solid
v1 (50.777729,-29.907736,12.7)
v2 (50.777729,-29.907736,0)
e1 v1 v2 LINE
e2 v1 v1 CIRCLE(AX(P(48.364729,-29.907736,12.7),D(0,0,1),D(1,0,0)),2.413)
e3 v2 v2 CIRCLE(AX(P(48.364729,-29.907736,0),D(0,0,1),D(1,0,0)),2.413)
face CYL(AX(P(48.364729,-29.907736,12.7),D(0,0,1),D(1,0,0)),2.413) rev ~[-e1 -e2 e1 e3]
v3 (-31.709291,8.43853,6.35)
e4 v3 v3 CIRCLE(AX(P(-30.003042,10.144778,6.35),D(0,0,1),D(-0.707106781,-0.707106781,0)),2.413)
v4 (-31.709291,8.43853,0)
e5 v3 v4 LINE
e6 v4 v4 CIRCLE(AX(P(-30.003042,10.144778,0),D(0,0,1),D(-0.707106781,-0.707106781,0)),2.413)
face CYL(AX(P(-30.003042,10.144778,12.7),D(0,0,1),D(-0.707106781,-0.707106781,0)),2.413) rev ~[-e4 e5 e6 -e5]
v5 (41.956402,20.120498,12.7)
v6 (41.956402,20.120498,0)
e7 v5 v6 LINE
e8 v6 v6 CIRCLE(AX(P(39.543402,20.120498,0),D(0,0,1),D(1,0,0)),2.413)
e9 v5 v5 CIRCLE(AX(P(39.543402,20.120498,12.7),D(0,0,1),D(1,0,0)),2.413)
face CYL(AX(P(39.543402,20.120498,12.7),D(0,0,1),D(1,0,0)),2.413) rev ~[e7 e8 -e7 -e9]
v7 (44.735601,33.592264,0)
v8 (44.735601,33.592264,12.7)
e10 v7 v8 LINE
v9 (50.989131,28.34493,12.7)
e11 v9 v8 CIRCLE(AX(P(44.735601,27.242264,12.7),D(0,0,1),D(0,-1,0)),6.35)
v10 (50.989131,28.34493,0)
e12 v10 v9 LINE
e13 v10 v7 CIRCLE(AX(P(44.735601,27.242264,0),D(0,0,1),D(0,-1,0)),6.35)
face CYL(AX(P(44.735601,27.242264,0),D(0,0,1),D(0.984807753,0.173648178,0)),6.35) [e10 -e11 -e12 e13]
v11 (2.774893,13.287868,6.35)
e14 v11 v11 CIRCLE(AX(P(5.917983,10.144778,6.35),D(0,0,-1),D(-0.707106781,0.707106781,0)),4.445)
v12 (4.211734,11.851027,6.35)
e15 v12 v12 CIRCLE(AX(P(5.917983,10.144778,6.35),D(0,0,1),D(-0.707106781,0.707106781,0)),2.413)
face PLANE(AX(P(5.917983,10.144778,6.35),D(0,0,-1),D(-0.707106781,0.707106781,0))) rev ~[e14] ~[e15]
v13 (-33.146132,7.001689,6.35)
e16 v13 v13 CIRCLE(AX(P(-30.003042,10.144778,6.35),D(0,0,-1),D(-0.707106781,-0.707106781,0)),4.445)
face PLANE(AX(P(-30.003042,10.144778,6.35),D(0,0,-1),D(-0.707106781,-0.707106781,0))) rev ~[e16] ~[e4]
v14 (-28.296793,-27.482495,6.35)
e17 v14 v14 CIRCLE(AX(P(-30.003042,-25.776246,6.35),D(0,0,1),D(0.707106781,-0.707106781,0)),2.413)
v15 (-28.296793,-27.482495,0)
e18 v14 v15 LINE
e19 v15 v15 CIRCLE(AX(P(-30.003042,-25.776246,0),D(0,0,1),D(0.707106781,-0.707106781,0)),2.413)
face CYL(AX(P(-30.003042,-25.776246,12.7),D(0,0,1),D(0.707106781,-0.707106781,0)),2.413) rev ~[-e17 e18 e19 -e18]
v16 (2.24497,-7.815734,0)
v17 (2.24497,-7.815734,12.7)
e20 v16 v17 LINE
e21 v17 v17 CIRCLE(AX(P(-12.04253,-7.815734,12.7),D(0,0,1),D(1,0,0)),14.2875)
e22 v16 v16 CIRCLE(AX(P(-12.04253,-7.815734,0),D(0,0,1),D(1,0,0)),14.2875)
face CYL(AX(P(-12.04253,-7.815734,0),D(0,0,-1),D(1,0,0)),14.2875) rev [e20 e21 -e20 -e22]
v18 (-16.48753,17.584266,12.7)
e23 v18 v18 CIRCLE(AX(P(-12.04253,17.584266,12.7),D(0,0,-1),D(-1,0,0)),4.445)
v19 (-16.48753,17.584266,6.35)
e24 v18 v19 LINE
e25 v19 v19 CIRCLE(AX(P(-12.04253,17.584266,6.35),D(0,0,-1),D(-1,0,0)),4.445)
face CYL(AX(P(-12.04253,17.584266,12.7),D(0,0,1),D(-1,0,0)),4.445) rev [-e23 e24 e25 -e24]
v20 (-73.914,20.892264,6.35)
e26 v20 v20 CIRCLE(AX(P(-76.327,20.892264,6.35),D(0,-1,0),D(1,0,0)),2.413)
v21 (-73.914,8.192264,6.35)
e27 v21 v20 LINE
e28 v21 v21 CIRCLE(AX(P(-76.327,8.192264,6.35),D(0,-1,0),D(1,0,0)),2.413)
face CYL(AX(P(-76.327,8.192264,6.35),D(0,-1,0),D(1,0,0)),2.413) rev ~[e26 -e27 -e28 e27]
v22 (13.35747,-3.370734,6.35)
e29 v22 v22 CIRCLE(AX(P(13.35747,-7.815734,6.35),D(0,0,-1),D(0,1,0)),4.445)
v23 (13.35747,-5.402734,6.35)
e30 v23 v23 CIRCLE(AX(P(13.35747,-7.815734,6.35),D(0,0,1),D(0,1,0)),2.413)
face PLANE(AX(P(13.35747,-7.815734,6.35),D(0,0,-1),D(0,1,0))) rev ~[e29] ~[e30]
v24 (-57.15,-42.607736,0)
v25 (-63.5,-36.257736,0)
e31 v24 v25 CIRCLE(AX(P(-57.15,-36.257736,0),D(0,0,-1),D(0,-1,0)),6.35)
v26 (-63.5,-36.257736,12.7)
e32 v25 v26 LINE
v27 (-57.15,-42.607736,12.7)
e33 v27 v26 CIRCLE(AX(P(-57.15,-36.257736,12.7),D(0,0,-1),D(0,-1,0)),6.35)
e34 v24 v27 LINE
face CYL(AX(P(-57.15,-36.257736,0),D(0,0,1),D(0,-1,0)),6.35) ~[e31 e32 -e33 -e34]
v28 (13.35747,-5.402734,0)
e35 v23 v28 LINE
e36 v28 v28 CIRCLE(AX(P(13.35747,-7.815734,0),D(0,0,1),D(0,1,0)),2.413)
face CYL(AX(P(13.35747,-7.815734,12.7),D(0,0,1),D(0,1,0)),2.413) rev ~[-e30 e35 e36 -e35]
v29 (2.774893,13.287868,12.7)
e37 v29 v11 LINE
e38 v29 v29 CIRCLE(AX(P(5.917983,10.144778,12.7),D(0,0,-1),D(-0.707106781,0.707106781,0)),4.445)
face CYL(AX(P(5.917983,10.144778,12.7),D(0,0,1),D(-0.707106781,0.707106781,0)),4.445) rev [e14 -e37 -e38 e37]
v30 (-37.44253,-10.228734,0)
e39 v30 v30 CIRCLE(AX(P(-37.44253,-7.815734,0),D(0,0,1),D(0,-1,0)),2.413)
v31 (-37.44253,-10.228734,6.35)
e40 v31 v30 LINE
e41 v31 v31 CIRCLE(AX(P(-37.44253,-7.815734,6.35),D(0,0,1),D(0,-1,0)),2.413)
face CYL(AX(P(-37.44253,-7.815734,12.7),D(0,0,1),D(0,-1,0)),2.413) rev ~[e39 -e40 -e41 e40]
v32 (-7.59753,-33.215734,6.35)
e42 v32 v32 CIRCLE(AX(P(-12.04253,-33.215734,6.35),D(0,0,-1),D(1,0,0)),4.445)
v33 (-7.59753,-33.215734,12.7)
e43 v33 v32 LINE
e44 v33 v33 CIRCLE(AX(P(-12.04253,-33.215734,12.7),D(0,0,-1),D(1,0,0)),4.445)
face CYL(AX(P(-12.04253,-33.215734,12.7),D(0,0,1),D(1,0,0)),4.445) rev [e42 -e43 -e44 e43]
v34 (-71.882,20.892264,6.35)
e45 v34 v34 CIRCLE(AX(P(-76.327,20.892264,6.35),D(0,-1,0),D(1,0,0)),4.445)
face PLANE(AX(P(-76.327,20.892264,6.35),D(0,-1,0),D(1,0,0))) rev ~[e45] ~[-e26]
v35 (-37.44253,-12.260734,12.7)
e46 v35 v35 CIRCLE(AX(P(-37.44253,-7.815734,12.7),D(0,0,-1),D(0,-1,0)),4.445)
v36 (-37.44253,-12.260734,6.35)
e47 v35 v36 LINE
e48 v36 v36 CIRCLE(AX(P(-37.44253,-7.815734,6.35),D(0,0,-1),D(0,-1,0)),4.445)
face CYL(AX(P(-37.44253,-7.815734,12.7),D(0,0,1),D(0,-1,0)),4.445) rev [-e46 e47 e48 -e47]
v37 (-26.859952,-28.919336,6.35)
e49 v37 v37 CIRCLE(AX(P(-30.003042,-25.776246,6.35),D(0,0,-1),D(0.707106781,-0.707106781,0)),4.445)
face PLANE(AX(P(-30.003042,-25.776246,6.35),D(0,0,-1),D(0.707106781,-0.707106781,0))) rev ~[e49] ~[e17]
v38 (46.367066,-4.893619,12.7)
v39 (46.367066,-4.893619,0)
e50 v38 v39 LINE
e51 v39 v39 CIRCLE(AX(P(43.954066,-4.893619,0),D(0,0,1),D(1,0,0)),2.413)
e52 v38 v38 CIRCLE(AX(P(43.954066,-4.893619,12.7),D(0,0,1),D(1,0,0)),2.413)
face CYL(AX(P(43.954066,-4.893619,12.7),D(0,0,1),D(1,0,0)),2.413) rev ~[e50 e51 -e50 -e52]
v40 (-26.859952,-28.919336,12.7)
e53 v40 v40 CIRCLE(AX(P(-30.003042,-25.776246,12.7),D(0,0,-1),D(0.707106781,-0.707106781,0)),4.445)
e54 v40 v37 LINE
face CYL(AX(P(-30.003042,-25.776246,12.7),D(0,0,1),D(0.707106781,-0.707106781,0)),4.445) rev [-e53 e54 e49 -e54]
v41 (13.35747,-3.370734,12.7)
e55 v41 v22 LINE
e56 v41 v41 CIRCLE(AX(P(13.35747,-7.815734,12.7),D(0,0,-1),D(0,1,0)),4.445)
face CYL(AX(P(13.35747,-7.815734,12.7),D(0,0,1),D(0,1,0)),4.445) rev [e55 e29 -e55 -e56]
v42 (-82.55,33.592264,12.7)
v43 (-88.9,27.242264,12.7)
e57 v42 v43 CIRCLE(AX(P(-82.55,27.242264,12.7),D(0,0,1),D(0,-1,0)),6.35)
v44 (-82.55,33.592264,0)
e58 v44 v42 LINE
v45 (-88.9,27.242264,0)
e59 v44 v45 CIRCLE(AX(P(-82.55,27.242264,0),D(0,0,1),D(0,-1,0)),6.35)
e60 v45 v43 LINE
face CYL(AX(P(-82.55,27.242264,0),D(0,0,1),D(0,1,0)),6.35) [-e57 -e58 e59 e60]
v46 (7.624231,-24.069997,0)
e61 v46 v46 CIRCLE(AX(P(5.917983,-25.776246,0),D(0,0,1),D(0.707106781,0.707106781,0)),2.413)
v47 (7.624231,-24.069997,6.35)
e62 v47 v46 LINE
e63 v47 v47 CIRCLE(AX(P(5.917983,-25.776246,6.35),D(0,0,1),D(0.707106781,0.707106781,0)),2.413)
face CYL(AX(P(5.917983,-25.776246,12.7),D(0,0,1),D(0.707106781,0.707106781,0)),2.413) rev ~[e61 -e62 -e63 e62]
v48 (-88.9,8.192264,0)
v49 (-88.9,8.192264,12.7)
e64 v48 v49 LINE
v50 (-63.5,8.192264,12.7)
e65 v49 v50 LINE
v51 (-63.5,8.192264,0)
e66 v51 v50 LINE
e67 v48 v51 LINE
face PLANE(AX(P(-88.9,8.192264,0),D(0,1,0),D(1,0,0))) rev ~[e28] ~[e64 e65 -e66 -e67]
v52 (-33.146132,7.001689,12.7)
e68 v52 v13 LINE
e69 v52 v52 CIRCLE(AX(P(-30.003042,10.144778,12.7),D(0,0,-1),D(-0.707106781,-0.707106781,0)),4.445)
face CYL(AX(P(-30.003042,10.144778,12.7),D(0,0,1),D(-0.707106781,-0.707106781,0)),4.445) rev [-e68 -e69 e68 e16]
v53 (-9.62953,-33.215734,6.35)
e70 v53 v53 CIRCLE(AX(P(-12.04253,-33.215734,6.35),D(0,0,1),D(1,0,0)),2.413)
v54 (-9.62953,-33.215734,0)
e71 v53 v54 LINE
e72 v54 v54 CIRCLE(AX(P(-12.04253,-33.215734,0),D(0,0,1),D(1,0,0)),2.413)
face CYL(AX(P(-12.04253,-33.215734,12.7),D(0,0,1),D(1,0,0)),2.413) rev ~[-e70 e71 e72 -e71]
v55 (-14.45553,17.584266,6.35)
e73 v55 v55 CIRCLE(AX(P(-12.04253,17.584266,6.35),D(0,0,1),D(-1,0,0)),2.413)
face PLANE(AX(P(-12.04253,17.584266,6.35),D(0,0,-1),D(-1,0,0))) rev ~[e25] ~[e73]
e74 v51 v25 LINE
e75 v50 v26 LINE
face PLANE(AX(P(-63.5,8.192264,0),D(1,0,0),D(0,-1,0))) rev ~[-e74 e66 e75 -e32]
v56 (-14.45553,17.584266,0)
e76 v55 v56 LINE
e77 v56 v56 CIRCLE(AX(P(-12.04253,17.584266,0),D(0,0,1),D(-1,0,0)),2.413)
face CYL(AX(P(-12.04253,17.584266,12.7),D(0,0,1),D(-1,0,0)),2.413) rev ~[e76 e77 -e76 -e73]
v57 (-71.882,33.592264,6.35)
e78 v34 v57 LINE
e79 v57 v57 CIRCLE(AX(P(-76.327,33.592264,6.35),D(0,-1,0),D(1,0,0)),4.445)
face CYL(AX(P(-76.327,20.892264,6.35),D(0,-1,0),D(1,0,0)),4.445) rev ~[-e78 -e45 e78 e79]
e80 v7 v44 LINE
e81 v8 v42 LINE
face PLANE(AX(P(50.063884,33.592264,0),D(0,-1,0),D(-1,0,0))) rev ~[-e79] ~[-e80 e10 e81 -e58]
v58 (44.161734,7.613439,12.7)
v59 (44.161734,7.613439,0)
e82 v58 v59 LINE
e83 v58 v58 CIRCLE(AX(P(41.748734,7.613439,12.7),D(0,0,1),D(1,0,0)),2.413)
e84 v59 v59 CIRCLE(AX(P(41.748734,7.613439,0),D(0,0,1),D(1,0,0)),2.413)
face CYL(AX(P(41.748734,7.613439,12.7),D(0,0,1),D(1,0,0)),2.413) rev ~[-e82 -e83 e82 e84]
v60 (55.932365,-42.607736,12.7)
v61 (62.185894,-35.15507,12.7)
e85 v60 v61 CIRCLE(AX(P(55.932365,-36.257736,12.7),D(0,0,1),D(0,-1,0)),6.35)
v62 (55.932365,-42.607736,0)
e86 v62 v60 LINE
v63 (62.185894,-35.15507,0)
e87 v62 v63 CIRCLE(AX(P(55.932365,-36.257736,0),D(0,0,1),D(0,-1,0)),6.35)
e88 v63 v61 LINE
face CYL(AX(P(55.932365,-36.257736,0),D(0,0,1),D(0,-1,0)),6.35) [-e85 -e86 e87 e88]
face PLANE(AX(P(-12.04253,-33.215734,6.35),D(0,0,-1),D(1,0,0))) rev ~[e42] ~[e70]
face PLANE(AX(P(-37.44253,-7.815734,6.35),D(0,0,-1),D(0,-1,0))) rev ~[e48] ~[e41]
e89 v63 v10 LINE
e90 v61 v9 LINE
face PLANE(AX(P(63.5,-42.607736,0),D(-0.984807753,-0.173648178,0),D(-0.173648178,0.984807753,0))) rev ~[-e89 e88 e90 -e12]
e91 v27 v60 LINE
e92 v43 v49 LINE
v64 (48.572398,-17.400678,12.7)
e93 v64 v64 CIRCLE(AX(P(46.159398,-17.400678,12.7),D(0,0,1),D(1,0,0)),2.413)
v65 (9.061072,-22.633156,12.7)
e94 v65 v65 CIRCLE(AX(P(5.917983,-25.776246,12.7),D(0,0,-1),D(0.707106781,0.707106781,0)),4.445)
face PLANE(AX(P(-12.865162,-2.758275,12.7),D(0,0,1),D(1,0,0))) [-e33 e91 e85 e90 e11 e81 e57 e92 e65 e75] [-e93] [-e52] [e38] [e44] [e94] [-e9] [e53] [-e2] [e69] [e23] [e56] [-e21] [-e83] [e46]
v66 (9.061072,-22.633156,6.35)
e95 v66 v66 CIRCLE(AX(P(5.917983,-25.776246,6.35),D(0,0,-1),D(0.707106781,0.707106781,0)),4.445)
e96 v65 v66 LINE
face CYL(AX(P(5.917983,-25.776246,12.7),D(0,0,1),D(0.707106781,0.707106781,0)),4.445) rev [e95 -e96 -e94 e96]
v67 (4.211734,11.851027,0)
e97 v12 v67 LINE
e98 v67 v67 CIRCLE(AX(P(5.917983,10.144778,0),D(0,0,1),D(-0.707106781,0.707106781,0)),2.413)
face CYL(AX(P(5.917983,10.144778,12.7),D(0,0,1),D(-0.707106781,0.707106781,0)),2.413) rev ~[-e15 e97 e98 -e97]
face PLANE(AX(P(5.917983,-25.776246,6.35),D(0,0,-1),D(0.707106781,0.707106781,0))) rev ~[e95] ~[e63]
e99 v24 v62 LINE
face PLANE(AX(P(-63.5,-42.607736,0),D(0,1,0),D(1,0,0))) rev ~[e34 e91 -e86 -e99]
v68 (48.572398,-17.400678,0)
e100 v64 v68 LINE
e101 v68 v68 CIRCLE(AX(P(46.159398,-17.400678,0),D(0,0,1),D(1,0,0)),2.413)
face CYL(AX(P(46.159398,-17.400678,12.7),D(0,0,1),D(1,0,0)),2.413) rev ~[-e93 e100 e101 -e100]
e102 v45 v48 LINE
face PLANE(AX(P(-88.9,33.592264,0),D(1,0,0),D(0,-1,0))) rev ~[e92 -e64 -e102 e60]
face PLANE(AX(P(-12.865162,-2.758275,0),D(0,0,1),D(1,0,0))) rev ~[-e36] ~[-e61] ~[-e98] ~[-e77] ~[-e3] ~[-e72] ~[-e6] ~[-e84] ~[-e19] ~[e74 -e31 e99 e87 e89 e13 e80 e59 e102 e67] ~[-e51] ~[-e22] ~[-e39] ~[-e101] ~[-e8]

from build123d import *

# Parameters (mm, degrees)
SKETCH1_R              = 14.2875
BOSS_EXTRUDE1_DEPTH    = 12.7
SKETCH2_R              = 2.413
INITIAL_MOUNTING_DEPTH = 13.7
MOUNTING_PATTERN_COUNT = 8
FILLET1_R              = 6.35
SKETCH3_R              = 2.413
CUT_EXTRUDE1_DEPTH     = 26.4
CUT_EXTRUDE2_START     = -12.7
SKETCH3_3_R            = 4.445
SKETCH3_3_R_2          = 2.413
CUT_EXTRUDE2_DEPTH     = 13.7
SKETCH4_R              = 2.413
CUT_EXTRUDE3_DEPTH     = 13.7
LPATTERN1_COUNT        = 5
LPATTERN1_PITCH        = 12.7
CUT_EXTRUDE4_START     = -12.7
SKETCH5_R              = 4.445
CUT_EXTRUDE4_DEPTH     = 6.35
CIRPATTERN1_COUNT      = 8


with BuildPart() as part:
    # Sketch1 → Boss-Extrude1 (new body)
    with BuildSketch(Plane.XY):
        Polygon((-63.5, -42.607736074), (63.5, -42.607736074), (50.06388407, 33.592263926), (-50.06388407, 33.592263926), (-88.9, 33.592263926), (-88.9, 8.192263926), (-63.5, 8.192263926), align=None)
        with Locations((-12.04252973, -7.815733859)):
            Circle(SKETCH1_R, mode=Mode.SUBTRACT)
    extrude(amount=BOSS_EXTRUDE1_DEPTH)

    # Sketch2 → Initial Mounting (cut, through all)
    with BuildSketch(Plane.XY.offset(12.7)):
        with Locations((-12.04252973, -33.215733859)):
            Circle(SKETCH2_R)
    initial_mounting = extrude(amount=-INITIAL_MOUNTING_DEPTH, mode=Mode.SUBTRACT)

    # Mounting Pattern: Initial Mounting ×8 about axis
    mounting_pattern_axis = Axis((-12.04252973, -7.815733859, 0), (0, 0, 1))
    for i in range(1, MOUNTING_PATTERN_COUNT):
        add(initial_mounting.rotate(mounting_pattern_axis, i * 360 / MOUNTING_PATTERN_COUNT), mode=Mode.SUBTRACT)

    # Fillet1
    fillet1_edges = [part.edges().sort_by_distance(p)[0] for p in [
        (63.5, -42.607736074, 6.35),
        (-63.5, -42.607736074, 6.35),
        (-88.9, 33.592263926, 6.35),
        (50.06388407, 33.592263926, 6.35),
    ]]
    fillet(fillet1_edges, radius=FILLET1_R)

    # Sketch3 → Cut-Extrude1 (cut, through all)
    with BuildSketch(Plane.XZ.offset(-8.192263926)):
        with Locations((-76.327, 6.35)):
            Circle(SKETCH3_R)
    extrude(amount=-CUT_EXTRUDE1_DEPTH, mode=Mode.SUBTRACT)

    # Sketch3<3> → Cut-Extrude2 (cut, through all)
    with BuildSketch(Plane.XZ.offset(-8.192263926).offset(CUT_EXTRUDE2_START)):
        with Locations((-76.327, 6.35)):
            Circle(SKETCH3_3_R)
        with Locations((-76.327, 6.35)):
            Circle(SKETCH3_3_R_2, mode=Mode.SUBTRACT)
    extrude(amount=-CUT_EXTRUDE2_DEPTH, mode=Mode.SUBTRACT)

    # Sketch4 → Cut-Extrude3 (cut, through all)
    with BuildSketch(Plane.XY.offset(12.7)):
        with Locations((48.364729374, -29.907736074)):
            Circle(SKETCH4_R)
    cut_extrude3 = extrude(amount=-CUT_EXTRUDE3_DEPTH, mode=Mode.SUBTRACT)

    # LPattern1: Cut-Extrude3 ×5
    with Locations(*[Vector(-0.173648178, 0.984807753, 0) * (i * LPATTERN1_PITCH) for i in range(1, LPATTERN1_COUNT)]):
        add(cut_extrude3, mode=Mode.SUBTRACT)

    # Sketch5 → Cut-Extrude4 (cut)
    with BuildSketch(Plane(origin=(0, 0, 0), x_dir=(-1, 0, 0), z_dir=(0, 0, -1)).offset(CUT_EXTRUDE4_START)):
        with Locations((12.04252973, 17.584266141)):
            Circle(SKETCH5_R)
    cut_extrude4 = extrude(amount=CUT_EXTRUDE4_DEPTH, mode=Mode.SUBTRACT)

    # CirPattern1: Cut-Extrude4 ×8 about axis
    cirpattern1_axis = Axis((-12.04252973, -7.815733859, 0), (0, 0, 1))
    for i in range(1, CIRPATTERN1_COUNT):
        add(cut_extrude4.rotate(cirpattern1_axis, i * 360 / CIRPATTERN1_COUNT), mode=Mode.SUBTRACT)


solid = part.part
